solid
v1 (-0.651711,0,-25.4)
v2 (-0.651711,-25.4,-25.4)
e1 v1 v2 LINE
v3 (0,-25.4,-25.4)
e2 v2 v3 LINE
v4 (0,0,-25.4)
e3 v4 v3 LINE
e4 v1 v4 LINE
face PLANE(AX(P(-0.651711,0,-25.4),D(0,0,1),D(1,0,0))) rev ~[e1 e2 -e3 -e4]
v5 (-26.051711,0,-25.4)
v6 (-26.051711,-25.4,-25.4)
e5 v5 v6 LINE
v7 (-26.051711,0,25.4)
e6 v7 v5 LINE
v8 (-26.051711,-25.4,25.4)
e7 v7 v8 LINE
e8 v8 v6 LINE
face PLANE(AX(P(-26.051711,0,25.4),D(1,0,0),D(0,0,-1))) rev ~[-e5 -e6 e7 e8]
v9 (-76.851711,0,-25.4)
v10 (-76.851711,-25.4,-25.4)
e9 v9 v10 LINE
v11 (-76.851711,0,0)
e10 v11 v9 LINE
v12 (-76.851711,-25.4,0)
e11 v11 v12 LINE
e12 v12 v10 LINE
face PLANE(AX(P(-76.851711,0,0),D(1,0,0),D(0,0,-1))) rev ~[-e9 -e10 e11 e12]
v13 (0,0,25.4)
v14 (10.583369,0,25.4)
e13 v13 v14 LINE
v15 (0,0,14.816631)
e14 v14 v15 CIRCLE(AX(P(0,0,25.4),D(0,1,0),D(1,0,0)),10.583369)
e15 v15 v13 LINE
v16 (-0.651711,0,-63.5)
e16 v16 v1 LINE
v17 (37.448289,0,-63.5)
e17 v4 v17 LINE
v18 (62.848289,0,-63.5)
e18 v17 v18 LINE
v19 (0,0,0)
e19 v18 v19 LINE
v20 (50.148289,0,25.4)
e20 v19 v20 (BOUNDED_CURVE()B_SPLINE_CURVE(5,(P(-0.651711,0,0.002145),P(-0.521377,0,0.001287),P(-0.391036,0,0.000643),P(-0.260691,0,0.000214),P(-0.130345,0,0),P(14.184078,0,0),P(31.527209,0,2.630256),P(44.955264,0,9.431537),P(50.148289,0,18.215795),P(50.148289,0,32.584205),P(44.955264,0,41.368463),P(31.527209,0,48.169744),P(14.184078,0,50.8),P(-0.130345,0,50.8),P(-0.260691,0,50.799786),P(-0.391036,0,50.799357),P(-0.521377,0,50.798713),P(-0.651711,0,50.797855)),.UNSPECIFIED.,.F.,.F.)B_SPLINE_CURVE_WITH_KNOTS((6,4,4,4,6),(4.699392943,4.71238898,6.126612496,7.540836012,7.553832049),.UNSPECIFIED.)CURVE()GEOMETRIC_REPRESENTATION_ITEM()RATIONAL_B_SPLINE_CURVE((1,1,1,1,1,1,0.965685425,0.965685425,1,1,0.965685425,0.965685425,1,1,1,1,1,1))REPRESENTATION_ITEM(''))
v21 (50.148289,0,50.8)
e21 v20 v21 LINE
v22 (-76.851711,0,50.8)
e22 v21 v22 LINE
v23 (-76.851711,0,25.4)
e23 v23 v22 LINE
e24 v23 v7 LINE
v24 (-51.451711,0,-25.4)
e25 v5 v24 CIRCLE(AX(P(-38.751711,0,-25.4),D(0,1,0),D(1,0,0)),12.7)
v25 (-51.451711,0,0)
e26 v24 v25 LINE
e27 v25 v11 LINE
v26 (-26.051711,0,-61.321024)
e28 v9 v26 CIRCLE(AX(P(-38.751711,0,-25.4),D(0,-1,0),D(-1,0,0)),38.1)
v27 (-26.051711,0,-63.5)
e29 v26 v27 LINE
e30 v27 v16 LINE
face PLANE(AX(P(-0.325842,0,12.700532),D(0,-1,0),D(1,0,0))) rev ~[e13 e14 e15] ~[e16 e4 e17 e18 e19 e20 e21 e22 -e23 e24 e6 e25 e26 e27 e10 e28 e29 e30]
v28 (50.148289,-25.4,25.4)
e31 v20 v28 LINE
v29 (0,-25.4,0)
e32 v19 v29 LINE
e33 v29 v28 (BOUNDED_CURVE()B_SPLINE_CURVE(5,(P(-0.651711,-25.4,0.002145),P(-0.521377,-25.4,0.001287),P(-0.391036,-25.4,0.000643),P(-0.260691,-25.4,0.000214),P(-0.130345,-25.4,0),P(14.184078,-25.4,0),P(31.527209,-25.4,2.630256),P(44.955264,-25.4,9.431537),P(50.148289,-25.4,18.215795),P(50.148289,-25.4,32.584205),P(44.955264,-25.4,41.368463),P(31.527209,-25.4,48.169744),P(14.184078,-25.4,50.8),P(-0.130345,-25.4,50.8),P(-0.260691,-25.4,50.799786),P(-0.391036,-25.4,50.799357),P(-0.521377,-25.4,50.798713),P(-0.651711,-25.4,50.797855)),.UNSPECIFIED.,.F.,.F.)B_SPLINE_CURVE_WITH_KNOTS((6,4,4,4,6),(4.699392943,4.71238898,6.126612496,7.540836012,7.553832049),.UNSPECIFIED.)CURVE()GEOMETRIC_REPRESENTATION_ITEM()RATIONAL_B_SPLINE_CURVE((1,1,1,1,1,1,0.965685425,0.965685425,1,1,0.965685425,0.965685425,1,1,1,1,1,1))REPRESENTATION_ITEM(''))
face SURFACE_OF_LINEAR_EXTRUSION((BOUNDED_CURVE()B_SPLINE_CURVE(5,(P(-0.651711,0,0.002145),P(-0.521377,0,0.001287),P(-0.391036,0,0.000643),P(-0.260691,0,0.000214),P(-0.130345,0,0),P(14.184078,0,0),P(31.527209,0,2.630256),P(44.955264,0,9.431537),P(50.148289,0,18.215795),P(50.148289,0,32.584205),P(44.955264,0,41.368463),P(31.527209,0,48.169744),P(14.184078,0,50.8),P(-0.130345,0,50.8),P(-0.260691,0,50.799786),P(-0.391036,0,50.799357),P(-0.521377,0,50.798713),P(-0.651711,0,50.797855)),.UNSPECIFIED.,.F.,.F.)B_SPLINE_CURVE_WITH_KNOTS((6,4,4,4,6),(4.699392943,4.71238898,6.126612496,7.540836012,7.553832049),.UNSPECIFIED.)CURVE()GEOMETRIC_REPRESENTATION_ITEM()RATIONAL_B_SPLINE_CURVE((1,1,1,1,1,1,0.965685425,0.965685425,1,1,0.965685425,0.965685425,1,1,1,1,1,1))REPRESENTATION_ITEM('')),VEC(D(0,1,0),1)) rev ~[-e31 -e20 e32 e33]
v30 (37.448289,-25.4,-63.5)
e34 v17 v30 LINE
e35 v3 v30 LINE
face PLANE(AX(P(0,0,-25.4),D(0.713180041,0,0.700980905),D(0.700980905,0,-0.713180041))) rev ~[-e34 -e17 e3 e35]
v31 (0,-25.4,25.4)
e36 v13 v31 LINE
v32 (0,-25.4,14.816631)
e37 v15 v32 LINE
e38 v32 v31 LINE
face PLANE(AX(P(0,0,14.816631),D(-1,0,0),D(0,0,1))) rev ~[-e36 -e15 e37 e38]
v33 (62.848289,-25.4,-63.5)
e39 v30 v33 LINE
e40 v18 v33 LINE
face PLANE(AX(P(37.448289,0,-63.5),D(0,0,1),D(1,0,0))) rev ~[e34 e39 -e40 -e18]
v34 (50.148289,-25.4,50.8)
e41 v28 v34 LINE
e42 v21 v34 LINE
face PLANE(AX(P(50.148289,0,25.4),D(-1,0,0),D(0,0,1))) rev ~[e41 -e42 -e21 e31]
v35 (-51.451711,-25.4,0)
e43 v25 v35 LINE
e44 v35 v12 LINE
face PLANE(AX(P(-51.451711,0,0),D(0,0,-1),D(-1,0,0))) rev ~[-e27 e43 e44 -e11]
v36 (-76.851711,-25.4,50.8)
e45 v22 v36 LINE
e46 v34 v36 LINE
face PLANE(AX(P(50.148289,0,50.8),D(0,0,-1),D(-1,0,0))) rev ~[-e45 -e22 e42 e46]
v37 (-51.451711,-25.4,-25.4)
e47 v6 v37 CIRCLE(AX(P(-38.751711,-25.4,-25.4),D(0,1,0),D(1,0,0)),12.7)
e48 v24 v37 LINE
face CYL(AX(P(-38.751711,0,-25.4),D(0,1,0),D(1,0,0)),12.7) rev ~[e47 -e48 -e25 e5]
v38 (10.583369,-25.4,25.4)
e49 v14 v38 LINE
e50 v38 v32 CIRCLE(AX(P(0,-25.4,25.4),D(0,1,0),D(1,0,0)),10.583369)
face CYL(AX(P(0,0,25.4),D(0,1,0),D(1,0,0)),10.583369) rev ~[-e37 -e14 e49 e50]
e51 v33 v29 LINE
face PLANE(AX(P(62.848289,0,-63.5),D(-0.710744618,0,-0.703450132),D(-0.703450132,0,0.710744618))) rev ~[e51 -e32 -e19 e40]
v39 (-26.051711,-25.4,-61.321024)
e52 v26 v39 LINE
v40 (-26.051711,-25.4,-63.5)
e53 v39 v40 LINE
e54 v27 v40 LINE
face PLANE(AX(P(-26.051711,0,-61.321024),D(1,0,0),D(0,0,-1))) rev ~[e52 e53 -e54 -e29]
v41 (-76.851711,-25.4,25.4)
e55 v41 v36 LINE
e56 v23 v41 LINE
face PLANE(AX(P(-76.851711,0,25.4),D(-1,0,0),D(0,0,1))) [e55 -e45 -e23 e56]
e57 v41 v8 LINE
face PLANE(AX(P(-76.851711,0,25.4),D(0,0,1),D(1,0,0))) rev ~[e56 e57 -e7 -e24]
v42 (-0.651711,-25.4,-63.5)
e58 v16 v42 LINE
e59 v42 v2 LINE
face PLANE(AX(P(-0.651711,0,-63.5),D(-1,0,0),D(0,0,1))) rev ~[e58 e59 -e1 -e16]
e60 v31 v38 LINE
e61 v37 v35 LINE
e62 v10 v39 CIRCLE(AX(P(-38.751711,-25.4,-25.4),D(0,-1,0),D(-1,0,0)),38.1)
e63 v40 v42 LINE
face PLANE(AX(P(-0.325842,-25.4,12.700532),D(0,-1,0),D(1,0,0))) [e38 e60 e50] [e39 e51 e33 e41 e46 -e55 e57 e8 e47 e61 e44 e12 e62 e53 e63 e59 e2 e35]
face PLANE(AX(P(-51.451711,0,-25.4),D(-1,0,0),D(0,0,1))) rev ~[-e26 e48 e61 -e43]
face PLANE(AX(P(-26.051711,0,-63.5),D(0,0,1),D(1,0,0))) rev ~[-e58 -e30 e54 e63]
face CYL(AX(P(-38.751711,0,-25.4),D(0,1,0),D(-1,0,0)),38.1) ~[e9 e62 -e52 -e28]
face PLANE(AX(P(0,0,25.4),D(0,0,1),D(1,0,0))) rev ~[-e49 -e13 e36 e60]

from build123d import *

# Parameters (mm, degrees)
F0_W     = 50.8
F0_H     = 25.4
F1_DEPTH = 25.4


with BuildPart() as f1:
    # F0 (on Front) → F1 (new body)
    with BuildSketch(Plane.XZ):
        with BuildLine():
            Line((0, 14.8166309386), (0, 25.4))
            Line((0, 25.4), (-0.6517106771, 25.4))
            Line((-0.6517106771, 25.4), (-0.6517106771, 0.0021449614))
            add(Edge.make_bspline(
                [(-0.6517106771, 0.0021449614), (-0.325869098, 0), (0, 0)],
                knots=[4.6993929434, 4.6993929434, 4.6993929434, 4.7123889804, 4.7123889804, 4.7123889804], degree=2, weights=[1, 0.999978888, 1]))
            Line((0, 0), (0, 14.8166309386))
        make_face()
        with BuildLine():
            Line((-0.6517106771, 25.4), (0, 25.4))
            Line((0, 25.4), (10.5833690614, 25.4))
            Line((10.5833690614, 25.4), (50.1482893229, 25.4))
            add(Edge.make_bspline(
                [(50.1482893229, 25.4), (50.1482893229, 50.8), (0, 50.8)],
                knots=[0, 0, 0, 1.5707963268, 1.5707963268, 1.5707963268], degree=2, weights=[1, 0.7071067812, 1]))
            add(Edge.make_bspline(
                [(0, 50.8), (-0.325869098, 50.8), (-0.6517106771, 50.7978550386)],
                knots=[1.5707963268, 1.5707963268, 1.5707963268, 1.5837923638, 1.5837923638, 1.5837923638], degree=2, weights=[1, 0.999978888, 1]))
            Line((-0.6517106771, 50.7978550386), (-0.6517106771, 25.4))
        make_face()
        with BuildLine():
            ThreePointArc((10.5833690614, 25.4), (7.4835720311, 17.9164279689), (0, 14.8166309386))
            Line((0, 14.8166309386), (0, 0))
            add(Edge.make_bspline(
                [(0, 0), (50.1482893229, 0), (50.1482893229, 25.4)],
                knots=[4.7123889804, 4.7123889804, 4.7123889804, 6.2831853072, 6.2831853072, 6.2831853072], degree=2, weights=[1, 0.7071067812, 1]))
            Line((50.1482893229, 25.4), (10.5833690614, 25.4))
        make_face()
        Polygon((-0.6517106771, 0.0021449614), (-0.6517106771, 25.4), (-26.0517106771, 25.4), (-26.0517106771, -25.4), (-0.6517106771, -25.4), align=None)
        Polygon((-26.0517106771, 25.4), (-0.6517106771, 25.4), (-0.6517106771, 50.7978550386), (-0.6517106771, 50.8), (-26.0517106771, 50.8), align=None)
        with BuildLine():
            Line((62.8482893229, -63.5), (0, 0))
            add(Edge.make_bspline(
                [(-0.6517106771, 0.0021449614), (-0.325869098, 0), (0, 0)],
                knots=[4.6993929434, 4.6993929434, 4.6993929434, 4.7123889804, 4.7123889804, 4.7123889804], degree=2, weights=[1, 0.999978888, 1]))
            Line((-0.6517106771, 0.0021449614), (-0.6517106771, -25.4))
            Line((-0.6517106771, -25.4), (0, -25.4))
            Line((0, -25.4), (37.4482893229, -63.5))
            Line((37.4482893229, -63.5), (50.1482893229, -63.5))
            Line((50.1482893229, -63.5), (62.8482893229, -63.5))
        make_face()
        with Locations((-51.4517106771, 38.1)):
            Rectangle(F0_W, F0_H)
        with BuildLine():
            Line((-0.6517106771, 50.8), (-0.6517106771, 50.7978550386))
            add(Edge.make_bspline(
                [(0, 50.8), (-0.325869098, 50.8), (-0.6517106771, 50.7978550386)],
                knots=[1.5707963268, 1.5707963268, 1.5707963268, 1.5837923638, 1.5837923638, 1.5837923638], degree=2, weights=[1, 0.999978888, 1]))
            Line((0, 50.8), (-0.6517106771, 50.8))
        make_face()
        with BuildLine():
            add(Edge.make_bspline(
                [(50.1482893229, 25.4), (50.1482893229, 50.8), (0, 50.8)],
                knots=[0, 0, 0, 1.5707963268, 1.5707963268, 1.5707963268], degree=2, weights=[1, 0.7071067812, 1]))
            Line((50.1482893229, 25.4), (50.1482893229, 50.8))
            Line((50.1482893229, 50.8), (0, 50.8))
        make_face()
        with BuildLine():
            Line((-26.0517106771, -61.3210244843), (-26.0517106771, -25.4))
            ThreePointArc((-26.0517106771, -25.4), (-38.7517106771, -38.1), (-51.4517106771, -25.4))
            Line((-51.4517106771, -25.4), (-51.4517106771, 0))
            Line((-51.4517106771, 0), (-76.8517106771, 0))
            Line((-76.8517106771, 0), (-76.8517106771, -25.4))
            ThreePointArc((-76.8517106771, -25.4), (-60.7487559333, -56.5085197333), (-26.0517106771, -61.3210244843))
        make_face()
        with BuildLine():
            Line((-0.6517106771, -25.4), (-26.0517106771, -25.4))
            Line((-26.0517106771, -25.4), (-26.0517106771, -61.3210244843))
            ThreePointArc((-26.0517106771, -61.3210244843), (-7.6431909438, -47.3970452561), (-0.6517106771, -25.4))
        make_face()
        with BuildLine():
            Line((-0.6517106771, -63.5), (-0.6517106771, -25.4))
            ThreePointArc((-0.6517106771, -25.4), (-7.6431909438, -47.3970452561), (-26.0517106771, -61.3210244843))
            Line((-26.0517106771, -61.3210244843), (-26.0517106771, -63.5))
            Line((-26.0517106771, -63.5), (-0.6517106771, -63.5))
        make_face()
    extrude(amount=F1_DEPTH)


solid = f1.part
